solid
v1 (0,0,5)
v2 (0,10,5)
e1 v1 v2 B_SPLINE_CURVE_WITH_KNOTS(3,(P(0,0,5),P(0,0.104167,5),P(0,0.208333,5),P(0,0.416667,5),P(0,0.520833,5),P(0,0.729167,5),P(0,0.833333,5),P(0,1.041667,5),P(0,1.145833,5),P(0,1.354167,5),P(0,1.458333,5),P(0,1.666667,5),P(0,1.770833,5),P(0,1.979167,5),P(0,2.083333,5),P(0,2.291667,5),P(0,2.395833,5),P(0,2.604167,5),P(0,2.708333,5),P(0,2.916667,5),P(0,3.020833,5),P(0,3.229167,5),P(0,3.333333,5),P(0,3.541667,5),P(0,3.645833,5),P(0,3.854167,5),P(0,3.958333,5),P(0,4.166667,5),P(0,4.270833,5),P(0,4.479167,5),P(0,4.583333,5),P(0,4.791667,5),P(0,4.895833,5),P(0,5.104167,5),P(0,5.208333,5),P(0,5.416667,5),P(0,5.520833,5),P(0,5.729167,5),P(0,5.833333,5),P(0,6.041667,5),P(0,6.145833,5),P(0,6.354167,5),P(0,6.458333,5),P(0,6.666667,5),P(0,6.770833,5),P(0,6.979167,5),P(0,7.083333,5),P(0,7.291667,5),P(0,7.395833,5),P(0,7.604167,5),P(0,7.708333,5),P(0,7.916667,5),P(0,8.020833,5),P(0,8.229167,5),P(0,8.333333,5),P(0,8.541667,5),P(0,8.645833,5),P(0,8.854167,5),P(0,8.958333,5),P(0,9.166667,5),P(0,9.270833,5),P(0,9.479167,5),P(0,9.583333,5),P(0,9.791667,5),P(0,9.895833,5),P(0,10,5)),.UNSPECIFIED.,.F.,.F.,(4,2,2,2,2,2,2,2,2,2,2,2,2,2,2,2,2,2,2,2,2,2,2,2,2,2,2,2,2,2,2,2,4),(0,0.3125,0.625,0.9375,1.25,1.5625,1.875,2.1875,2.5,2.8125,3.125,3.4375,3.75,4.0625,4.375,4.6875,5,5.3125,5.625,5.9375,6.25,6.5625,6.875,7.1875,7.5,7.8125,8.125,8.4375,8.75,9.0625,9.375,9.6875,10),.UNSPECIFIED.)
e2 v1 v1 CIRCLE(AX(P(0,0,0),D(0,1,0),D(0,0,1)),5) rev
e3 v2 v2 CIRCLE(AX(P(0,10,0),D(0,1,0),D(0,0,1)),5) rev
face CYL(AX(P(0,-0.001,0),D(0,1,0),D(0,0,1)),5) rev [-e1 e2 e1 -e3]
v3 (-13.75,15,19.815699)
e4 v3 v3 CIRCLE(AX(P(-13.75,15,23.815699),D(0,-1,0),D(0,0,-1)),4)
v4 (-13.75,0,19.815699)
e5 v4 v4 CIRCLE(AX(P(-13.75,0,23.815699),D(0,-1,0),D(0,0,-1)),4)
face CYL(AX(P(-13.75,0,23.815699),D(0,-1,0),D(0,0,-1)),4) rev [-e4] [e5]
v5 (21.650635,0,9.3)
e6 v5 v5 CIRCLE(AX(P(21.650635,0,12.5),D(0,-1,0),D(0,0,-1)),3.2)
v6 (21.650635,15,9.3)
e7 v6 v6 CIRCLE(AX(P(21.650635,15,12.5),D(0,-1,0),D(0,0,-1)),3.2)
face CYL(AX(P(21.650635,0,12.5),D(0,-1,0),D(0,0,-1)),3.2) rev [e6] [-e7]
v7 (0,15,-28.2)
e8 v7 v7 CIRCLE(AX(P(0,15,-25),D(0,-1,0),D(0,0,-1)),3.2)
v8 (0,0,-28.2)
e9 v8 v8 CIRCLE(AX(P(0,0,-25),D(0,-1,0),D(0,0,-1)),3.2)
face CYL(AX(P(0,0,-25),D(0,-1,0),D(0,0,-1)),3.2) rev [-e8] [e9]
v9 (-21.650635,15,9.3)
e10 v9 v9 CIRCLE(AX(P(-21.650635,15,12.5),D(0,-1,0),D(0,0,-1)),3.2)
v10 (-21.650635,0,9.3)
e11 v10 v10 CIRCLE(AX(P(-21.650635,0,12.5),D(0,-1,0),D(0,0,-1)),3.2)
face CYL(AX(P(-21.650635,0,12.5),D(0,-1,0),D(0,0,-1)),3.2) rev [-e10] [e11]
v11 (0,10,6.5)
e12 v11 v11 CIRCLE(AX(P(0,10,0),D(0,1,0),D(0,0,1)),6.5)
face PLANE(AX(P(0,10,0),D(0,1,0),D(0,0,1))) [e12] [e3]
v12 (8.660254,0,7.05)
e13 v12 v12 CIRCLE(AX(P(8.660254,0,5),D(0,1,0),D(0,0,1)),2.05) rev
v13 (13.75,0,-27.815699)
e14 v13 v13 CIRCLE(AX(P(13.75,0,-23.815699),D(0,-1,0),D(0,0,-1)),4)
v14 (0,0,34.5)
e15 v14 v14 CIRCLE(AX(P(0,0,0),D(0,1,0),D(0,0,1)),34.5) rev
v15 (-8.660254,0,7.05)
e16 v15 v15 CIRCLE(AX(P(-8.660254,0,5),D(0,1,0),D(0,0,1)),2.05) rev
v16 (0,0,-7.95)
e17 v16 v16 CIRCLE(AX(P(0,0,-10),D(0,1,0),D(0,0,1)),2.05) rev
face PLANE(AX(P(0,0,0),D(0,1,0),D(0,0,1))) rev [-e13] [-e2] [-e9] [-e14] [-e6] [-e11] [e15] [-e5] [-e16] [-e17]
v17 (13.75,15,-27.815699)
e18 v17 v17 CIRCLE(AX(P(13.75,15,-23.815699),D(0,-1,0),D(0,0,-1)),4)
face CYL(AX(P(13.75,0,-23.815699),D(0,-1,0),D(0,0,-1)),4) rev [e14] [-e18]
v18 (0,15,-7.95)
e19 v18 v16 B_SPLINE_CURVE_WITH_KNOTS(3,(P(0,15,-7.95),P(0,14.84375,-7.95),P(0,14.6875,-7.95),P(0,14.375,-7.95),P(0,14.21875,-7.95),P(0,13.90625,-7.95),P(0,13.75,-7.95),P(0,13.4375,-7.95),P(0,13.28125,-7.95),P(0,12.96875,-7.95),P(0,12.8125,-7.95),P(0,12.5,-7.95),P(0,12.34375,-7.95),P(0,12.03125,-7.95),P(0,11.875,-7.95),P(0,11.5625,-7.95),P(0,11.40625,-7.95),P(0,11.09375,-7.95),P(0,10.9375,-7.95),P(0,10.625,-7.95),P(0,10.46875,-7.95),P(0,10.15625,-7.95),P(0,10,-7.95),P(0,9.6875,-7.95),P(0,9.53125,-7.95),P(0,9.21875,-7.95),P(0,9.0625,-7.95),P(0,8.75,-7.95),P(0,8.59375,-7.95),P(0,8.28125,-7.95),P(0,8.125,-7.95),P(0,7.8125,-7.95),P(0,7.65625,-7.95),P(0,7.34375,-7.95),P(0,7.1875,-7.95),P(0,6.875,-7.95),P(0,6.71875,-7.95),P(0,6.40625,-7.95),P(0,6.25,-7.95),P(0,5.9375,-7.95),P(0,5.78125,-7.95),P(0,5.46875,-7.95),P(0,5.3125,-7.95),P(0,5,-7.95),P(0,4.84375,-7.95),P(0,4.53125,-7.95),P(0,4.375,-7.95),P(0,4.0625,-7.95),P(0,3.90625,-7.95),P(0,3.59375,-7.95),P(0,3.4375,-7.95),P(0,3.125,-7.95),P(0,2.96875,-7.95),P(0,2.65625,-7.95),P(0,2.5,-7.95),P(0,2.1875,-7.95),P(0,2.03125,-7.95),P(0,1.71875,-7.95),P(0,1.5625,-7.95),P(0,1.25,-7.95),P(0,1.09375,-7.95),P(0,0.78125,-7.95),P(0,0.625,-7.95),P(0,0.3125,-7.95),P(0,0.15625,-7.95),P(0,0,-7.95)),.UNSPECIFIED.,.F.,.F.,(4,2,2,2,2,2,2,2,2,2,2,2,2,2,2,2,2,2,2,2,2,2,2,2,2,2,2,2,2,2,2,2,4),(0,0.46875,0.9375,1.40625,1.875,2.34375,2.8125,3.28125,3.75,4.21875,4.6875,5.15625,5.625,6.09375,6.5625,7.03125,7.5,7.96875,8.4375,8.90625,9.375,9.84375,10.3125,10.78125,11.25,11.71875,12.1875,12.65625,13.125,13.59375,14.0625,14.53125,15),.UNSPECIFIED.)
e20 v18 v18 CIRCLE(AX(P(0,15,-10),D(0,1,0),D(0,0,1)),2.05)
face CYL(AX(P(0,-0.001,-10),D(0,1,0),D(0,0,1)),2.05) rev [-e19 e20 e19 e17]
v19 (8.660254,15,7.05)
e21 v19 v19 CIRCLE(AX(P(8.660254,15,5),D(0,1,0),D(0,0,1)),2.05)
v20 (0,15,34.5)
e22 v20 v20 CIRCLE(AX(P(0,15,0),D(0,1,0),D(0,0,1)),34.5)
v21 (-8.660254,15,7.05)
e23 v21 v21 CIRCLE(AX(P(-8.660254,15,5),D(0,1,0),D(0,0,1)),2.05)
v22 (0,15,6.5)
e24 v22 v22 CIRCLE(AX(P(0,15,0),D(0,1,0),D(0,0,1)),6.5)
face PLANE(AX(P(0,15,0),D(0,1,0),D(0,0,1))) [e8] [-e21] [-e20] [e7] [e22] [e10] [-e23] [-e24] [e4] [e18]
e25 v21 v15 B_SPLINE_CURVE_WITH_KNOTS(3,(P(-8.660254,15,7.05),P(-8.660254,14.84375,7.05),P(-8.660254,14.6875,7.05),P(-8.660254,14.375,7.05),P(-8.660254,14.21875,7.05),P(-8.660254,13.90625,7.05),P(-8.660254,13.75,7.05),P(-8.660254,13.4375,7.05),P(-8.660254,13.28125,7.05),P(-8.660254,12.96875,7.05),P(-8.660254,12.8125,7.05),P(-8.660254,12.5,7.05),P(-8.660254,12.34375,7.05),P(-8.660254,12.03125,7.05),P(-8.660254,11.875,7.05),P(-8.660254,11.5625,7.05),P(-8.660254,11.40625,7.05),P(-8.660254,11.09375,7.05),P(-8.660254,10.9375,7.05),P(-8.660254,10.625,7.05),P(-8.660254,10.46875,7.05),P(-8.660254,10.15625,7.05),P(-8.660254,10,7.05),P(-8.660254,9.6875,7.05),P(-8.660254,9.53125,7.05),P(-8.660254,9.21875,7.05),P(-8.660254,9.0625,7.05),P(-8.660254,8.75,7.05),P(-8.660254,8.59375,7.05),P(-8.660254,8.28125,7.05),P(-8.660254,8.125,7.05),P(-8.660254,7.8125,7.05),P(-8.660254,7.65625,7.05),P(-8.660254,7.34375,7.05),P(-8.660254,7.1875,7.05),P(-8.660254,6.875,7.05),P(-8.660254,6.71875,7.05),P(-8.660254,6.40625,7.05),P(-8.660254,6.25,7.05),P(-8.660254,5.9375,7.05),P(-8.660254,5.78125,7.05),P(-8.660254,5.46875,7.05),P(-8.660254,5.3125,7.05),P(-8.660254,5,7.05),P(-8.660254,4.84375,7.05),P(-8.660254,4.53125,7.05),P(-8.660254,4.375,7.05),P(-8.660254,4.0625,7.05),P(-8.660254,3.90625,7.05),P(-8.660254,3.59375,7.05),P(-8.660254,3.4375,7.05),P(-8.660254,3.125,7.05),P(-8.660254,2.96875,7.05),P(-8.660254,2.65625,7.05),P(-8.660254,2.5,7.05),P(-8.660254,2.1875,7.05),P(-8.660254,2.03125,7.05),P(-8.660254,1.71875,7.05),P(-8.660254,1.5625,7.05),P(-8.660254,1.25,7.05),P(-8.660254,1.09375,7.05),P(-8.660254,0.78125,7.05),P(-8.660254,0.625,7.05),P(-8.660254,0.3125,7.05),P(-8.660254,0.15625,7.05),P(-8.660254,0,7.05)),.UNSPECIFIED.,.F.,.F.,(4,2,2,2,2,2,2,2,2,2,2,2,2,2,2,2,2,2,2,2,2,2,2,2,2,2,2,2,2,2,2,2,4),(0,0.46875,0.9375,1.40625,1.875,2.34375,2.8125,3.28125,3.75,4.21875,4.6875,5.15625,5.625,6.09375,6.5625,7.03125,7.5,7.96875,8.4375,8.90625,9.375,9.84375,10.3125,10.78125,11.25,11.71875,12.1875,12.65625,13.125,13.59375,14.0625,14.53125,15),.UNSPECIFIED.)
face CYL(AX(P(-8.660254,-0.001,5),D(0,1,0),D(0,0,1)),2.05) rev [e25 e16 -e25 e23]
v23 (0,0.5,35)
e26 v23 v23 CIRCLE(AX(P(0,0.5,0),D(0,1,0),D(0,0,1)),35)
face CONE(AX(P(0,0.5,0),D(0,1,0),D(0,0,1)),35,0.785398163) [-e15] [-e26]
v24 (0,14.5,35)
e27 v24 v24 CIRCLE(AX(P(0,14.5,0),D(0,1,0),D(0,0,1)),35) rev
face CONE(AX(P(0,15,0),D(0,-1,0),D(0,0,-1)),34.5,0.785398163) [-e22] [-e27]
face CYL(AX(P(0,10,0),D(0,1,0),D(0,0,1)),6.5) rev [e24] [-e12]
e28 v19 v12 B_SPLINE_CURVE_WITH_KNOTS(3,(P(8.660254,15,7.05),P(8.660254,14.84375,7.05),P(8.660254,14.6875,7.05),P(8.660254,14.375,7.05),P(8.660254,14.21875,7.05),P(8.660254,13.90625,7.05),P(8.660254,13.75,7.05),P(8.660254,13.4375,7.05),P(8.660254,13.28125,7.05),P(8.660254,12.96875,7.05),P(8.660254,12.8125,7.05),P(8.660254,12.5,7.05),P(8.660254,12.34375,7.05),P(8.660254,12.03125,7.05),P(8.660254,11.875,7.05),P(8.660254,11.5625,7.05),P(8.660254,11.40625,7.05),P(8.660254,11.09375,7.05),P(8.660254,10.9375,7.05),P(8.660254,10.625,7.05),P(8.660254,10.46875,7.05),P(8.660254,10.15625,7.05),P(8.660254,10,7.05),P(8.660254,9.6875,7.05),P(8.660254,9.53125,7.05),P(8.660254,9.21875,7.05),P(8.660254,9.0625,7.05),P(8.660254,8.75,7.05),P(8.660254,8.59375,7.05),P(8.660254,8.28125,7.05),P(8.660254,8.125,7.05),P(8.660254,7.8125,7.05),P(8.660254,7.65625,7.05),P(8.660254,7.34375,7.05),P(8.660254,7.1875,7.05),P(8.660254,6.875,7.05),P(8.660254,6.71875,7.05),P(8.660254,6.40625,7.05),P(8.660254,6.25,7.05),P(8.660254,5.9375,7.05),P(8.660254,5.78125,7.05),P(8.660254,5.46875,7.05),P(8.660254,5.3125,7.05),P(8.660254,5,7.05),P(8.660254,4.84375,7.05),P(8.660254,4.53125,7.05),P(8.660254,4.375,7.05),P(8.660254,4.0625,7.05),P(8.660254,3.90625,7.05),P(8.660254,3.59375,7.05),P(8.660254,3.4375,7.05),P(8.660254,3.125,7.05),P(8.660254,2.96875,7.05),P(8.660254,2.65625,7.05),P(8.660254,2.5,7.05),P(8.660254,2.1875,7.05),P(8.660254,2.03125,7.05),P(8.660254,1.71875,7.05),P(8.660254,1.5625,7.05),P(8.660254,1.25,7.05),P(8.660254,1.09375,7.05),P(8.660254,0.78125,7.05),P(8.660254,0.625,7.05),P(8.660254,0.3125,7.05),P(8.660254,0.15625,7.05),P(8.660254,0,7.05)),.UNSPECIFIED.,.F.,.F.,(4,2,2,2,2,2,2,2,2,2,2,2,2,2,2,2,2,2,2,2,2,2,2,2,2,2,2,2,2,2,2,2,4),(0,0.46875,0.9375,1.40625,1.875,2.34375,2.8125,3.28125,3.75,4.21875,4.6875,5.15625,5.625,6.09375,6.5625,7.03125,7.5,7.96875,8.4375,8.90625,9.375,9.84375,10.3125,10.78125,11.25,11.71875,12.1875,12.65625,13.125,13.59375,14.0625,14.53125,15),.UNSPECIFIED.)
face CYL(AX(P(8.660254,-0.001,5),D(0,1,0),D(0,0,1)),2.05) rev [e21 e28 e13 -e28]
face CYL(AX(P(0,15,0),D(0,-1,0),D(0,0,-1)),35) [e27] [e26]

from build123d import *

# Parameters (mm, degrees)
SKETCH1_R             = 35
BOSS_EXTRUDE1_DEPTH   = 15
CUT_EXTRUDE1_REACH    = 53.72
SKETCH2_R             = 5
SKETCH3_R             = 6.5
CUT_EXTRUDE2_DEPTH    = 5
CUT_EXTRUDE3_REACH    = 53.72
SKETCH4_R             = 2.05
M6_CLEARANCE_HOLE1_D  = 6.4
F_8_0MM_DOWEL_HOLE1_D = 8
CHAMFER1_SIZE         = 0.5


with BuildPart() as part:
    # Sketch1 → Boss-Extrude1 (new body)
    with BuildSketch(Plane(origin=(0, 0, 0), x_dir=(1, 0, 0), z_dir=(0, 1, 0))):
        with Locations(Location((0, 0, 0), (0, 0, 270))):
            Circle(SKETCH1_R)
    extrude(amount=BOSS_EXTRUDE1_DEPTH)

    # Sketch2 → Cut-Extrude1 (cut, up to next)
    with BuildSketch(Plane(origin=(0, 15, 0), x_dir=(1, 0, 0), z_dir=(0, 1, 0)), mode=Mode.PRIVATE) as cut_extrude1_sk1:
        with Locations(Location((0, 0, 0), (0, 0, 270))):
            Circle(SKETCH2_R)
    cut_extrude1_tool1 = extrude(cut_extrude1_sk1.sketch, amount=-CUT_EXTRUDE1_REACH, mode=Mode.PRIVATE) & part.part
    add(cut_extrude1_tool1.solids().sort_by_distance((0, 15, 0))[0], mode=Mode.SUBTRACT)

    # Sketch3 → Cut-Extrude2 (cut)
    with BuildSketch(Plane(origin=(0, 15, 0), x_dir=(1, 0, 0), z_dir=(0, 1, 0))):
        with Locations(Location((0, 0, 0), (0, 0, 270))):
            Circle(SKETCH3_R)
    extrude(amount=-CUT_EXTRUDE2_DEPTH, mode=Mode.SUBTRACT)

    # Sketch4 → Cut-Extrude3 (cut, up to next)
    with BuildSketch(Plane(origin=(0, 15, 0), x_dir=(1, 0, 0), z_dir=(0, 1, 0)), mode=Mode.PRIVATE) as cut_extrude3_sk1:
        with Locations(Location((0, 10, 0), (0, 0, 270))):
            Circle(SKETCH4_R)
    cut_extrude3_tool1 = extrude(cut_extrude3_sk1.sketch, amount=-CUT_EXTRUDE3_REACH, mode=Mode.PRIVATE) & part.part
    # Sketch4 → Cut-Extrude3 (cut, up to next)
    with BuildSketch(Plane(origin=(0, 15, 0), x_dir=(1, 0, 0), z_dir=(0, 1, 0)), mode=Mode.PRIVATE) as cut_extrude3_sk2:
        with Locations(Location((8.660254038, -5, 0), (0, 0, 270))):
            Circle(SKETCH4_R)
    cut_extrude3_tool2 = extrude(cut_extrude3_sk2.sketch, amount=-CUT_EXTRUDE3_REACH, mode=Mode.PRIVATE) & part.part
    # Sketch4 → Cut-Extrude3 (cut, up to next)
    with BuildSketch(Plane(origin=(0, 15, 0), x_dir=(1, 0, 0), z_dir=(0, 1, 0)), mode=Mode.PRIVATE) as cut_extrude3_sk3:
        with Locations(Location((-8.660254038, -5, 0), (0, 0, 270))):
            Circle(SKETCH4_R)
    cut_extrude3_tool3 = extrude(cut_extrude3_sk3.sketch, amount=-CUT_EXTRUDE3_REACH, mode=Mode.PRIVATE) & part.part
    add(cut_extrude3_tool1.solids().sort_by_distance((0, 15, -10))[0], mode=Mode.SUBTRACT)
    add(cut_extrude3_tool2.solids().sort_by_distance((8.660254, 15, 5))[0], mode=Mode.SUBTRACT)
    add(cut_extrude3_tool3.solids().sort_by_distance((-8.660254, 15, 5))[0], mode=Mode.SUBTRACT)

    # M6 Clearance Hole1 (through all)
    with Locations(Plane(origin=(0, 0, 0), x_dir=(-1, 0, 0), z_dir=(0, -1, 0))):
        with Locations((0, 25), (21.650635095, -12.5), (-21.650635095, -12.5)):
            Hole(M6_CLEARANCE_HOLE1_D / 2)

    # Ø8.0mm Dowel Hole1 (through all)
    with Locations(Plane(origin=(0, 0, 0), x_dir=(-1, 0, 0), z_dir=(0, -1, 0))):
        with Locations((-13.75, 23.815698604), (13.75, -23.815698604)):
            Hole(F_8_0MM_DOWEL_HOLE1_D / 2)

    # Chamfer1
    chamfer1_edges = [part.edges().sort_by_distance(p)[0] for p in [
        (0, 0, -35),
        (0, 15, -35),
    ]]
    chamfer(chamfer1_edges, length=CHAMFER1_SIZE)


solid = part.part
